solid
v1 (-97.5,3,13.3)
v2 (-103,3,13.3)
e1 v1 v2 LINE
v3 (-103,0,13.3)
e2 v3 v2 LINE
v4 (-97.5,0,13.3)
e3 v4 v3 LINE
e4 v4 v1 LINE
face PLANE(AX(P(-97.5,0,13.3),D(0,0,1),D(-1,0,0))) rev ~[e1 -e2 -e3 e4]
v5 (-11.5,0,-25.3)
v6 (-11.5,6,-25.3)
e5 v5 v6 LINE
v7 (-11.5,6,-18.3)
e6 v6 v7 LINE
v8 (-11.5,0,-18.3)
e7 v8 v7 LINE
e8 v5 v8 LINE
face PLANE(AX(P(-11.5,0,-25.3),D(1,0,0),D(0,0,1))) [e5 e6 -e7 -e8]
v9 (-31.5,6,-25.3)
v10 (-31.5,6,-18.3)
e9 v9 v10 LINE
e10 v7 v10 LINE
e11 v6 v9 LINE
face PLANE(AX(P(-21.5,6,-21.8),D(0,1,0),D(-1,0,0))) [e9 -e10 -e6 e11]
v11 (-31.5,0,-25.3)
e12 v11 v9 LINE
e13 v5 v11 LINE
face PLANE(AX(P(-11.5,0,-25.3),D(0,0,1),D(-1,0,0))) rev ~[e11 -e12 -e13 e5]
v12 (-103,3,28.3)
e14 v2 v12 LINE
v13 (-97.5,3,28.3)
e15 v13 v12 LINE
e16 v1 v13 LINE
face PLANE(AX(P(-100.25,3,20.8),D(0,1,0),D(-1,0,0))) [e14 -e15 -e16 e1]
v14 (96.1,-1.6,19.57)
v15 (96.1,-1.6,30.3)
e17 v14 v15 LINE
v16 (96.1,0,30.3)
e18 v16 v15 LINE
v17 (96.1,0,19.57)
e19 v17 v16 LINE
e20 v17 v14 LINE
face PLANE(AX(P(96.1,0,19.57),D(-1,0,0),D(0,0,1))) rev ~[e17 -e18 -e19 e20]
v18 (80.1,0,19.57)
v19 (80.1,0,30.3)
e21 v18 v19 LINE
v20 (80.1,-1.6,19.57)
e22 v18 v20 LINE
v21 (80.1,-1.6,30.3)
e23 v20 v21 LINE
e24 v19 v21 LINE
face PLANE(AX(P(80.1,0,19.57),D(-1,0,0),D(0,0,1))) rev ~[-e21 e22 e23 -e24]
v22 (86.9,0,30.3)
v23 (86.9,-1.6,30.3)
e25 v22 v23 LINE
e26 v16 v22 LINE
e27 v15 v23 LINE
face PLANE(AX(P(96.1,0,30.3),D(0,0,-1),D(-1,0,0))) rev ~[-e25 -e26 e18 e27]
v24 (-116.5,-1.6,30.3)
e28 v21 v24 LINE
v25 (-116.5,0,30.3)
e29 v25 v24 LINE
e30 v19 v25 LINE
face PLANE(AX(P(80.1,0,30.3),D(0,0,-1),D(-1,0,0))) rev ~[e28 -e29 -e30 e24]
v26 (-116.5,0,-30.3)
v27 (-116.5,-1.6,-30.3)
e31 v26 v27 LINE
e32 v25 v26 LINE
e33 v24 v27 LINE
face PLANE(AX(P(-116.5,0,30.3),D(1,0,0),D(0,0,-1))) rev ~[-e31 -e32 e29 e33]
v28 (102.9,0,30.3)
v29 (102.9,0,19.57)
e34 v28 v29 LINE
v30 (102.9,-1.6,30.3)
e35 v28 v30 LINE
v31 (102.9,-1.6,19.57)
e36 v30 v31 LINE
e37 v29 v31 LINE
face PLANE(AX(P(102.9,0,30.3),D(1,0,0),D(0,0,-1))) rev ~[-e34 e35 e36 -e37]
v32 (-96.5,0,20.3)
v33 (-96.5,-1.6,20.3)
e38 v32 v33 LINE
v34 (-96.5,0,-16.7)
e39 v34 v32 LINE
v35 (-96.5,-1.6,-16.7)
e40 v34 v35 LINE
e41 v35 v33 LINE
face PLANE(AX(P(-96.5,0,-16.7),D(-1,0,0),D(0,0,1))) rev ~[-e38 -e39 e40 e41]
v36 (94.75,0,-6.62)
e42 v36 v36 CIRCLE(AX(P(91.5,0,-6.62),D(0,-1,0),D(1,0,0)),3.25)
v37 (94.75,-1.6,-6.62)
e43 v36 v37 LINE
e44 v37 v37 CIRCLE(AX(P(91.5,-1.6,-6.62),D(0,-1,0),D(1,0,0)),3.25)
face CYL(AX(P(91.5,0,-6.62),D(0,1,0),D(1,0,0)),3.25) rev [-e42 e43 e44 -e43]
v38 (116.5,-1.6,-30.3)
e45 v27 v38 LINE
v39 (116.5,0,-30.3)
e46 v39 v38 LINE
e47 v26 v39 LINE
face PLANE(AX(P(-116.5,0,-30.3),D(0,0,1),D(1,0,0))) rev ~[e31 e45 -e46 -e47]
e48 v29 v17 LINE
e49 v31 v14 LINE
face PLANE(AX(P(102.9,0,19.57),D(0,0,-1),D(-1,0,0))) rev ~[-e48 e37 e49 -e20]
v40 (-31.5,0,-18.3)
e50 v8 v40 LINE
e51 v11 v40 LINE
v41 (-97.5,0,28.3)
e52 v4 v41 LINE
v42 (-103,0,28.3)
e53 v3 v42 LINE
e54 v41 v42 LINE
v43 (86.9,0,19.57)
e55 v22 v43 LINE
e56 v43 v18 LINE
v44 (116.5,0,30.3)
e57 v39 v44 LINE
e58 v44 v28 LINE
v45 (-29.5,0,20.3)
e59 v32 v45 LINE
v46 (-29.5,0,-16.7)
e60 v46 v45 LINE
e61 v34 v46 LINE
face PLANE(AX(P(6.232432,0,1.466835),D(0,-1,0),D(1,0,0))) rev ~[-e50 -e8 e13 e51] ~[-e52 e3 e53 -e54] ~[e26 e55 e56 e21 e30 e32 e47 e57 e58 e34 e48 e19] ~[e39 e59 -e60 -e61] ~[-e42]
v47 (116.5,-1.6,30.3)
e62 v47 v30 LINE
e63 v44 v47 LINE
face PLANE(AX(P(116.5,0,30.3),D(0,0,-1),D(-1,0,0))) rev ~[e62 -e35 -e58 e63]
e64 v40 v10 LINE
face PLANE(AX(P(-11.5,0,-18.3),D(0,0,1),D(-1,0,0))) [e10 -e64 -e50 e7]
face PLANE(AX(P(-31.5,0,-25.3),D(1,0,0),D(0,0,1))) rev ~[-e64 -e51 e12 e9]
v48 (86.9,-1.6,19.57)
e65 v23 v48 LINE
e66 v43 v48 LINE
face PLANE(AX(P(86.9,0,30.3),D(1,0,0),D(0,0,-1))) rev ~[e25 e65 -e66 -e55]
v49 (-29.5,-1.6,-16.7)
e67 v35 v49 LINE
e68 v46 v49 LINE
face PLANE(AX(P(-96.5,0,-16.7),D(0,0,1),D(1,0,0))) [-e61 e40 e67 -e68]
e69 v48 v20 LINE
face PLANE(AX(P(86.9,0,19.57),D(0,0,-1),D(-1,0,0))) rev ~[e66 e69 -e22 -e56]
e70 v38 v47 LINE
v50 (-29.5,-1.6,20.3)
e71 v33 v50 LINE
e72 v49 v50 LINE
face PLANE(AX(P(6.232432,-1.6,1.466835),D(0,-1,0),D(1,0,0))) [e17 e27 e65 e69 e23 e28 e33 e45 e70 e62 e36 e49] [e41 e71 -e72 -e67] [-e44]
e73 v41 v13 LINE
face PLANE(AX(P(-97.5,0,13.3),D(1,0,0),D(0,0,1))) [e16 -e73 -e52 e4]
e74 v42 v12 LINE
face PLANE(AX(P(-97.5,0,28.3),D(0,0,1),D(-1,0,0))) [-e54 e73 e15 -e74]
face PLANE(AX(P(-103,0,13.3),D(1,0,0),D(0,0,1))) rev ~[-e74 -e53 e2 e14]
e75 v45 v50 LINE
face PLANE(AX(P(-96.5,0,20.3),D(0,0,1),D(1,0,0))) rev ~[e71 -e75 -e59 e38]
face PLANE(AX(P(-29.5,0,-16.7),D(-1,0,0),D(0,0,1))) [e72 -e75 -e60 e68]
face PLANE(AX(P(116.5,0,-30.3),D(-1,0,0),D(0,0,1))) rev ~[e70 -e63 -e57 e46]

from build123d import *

# Parameters (mm, degrees)
F0_R     = 3.25
F0_W     = 67
F0_H     = 37
F1_DEPTH = 1.6
F2_W     = 20
F2_H     = 7
F3_DEPTH = 6
F4_W     = 5.5
F4_H     = 15
F5_DEPTH = 3


with BuildPart() as f1:
    # F0 (on Front) → F1 (new body)
    with BuildSketch(Plane.XZ):
        Polygon((-116.5, -30.3), (116.5, -30.3), (116.5, 30.3), (102.9, 30.3), (102.9, 19.57), (96.1, 19.57), (96.1, 30.3), (86.9, 30.3), (86.9, 19.57), (80.1, 19.57), (80.1, 30.3), (-116.5, 30.3), align=None)
        with Locations((91.5, -6.62)):
            Circle(F0_R, mode=Mode.SUBTRACT)
        with Locations((-63, 1.8)):
            Rectangle(F0_W, F0_H, mode=Mode.SUBTRACT)
    extrude(amount=F1_DEPTH)

    # F2 (on face) → F3 (join)
    with BuildSketch(Plane(origin=(0, 0, 0), x_dir=(-1, 0, 0), z_dir=(0, 1, 0))):
        with Locations((21.5, -21.8)):
            Rectangle(F2_W, F2_H)
    extrude(amount=F3_DEPTH)

    # F4 (on face) → F5 (join)
    with BuildSketch(Plane(origin=(0, 0, 0), x_dir=(-1, 0, 0), z_dir=(0, 1, 0))):
        with Locations((100.25, 20.8)):
            Rectangle(F4_W, F4_H)
    extrude(amount=F5_DEPTH)


solid = f1.part
